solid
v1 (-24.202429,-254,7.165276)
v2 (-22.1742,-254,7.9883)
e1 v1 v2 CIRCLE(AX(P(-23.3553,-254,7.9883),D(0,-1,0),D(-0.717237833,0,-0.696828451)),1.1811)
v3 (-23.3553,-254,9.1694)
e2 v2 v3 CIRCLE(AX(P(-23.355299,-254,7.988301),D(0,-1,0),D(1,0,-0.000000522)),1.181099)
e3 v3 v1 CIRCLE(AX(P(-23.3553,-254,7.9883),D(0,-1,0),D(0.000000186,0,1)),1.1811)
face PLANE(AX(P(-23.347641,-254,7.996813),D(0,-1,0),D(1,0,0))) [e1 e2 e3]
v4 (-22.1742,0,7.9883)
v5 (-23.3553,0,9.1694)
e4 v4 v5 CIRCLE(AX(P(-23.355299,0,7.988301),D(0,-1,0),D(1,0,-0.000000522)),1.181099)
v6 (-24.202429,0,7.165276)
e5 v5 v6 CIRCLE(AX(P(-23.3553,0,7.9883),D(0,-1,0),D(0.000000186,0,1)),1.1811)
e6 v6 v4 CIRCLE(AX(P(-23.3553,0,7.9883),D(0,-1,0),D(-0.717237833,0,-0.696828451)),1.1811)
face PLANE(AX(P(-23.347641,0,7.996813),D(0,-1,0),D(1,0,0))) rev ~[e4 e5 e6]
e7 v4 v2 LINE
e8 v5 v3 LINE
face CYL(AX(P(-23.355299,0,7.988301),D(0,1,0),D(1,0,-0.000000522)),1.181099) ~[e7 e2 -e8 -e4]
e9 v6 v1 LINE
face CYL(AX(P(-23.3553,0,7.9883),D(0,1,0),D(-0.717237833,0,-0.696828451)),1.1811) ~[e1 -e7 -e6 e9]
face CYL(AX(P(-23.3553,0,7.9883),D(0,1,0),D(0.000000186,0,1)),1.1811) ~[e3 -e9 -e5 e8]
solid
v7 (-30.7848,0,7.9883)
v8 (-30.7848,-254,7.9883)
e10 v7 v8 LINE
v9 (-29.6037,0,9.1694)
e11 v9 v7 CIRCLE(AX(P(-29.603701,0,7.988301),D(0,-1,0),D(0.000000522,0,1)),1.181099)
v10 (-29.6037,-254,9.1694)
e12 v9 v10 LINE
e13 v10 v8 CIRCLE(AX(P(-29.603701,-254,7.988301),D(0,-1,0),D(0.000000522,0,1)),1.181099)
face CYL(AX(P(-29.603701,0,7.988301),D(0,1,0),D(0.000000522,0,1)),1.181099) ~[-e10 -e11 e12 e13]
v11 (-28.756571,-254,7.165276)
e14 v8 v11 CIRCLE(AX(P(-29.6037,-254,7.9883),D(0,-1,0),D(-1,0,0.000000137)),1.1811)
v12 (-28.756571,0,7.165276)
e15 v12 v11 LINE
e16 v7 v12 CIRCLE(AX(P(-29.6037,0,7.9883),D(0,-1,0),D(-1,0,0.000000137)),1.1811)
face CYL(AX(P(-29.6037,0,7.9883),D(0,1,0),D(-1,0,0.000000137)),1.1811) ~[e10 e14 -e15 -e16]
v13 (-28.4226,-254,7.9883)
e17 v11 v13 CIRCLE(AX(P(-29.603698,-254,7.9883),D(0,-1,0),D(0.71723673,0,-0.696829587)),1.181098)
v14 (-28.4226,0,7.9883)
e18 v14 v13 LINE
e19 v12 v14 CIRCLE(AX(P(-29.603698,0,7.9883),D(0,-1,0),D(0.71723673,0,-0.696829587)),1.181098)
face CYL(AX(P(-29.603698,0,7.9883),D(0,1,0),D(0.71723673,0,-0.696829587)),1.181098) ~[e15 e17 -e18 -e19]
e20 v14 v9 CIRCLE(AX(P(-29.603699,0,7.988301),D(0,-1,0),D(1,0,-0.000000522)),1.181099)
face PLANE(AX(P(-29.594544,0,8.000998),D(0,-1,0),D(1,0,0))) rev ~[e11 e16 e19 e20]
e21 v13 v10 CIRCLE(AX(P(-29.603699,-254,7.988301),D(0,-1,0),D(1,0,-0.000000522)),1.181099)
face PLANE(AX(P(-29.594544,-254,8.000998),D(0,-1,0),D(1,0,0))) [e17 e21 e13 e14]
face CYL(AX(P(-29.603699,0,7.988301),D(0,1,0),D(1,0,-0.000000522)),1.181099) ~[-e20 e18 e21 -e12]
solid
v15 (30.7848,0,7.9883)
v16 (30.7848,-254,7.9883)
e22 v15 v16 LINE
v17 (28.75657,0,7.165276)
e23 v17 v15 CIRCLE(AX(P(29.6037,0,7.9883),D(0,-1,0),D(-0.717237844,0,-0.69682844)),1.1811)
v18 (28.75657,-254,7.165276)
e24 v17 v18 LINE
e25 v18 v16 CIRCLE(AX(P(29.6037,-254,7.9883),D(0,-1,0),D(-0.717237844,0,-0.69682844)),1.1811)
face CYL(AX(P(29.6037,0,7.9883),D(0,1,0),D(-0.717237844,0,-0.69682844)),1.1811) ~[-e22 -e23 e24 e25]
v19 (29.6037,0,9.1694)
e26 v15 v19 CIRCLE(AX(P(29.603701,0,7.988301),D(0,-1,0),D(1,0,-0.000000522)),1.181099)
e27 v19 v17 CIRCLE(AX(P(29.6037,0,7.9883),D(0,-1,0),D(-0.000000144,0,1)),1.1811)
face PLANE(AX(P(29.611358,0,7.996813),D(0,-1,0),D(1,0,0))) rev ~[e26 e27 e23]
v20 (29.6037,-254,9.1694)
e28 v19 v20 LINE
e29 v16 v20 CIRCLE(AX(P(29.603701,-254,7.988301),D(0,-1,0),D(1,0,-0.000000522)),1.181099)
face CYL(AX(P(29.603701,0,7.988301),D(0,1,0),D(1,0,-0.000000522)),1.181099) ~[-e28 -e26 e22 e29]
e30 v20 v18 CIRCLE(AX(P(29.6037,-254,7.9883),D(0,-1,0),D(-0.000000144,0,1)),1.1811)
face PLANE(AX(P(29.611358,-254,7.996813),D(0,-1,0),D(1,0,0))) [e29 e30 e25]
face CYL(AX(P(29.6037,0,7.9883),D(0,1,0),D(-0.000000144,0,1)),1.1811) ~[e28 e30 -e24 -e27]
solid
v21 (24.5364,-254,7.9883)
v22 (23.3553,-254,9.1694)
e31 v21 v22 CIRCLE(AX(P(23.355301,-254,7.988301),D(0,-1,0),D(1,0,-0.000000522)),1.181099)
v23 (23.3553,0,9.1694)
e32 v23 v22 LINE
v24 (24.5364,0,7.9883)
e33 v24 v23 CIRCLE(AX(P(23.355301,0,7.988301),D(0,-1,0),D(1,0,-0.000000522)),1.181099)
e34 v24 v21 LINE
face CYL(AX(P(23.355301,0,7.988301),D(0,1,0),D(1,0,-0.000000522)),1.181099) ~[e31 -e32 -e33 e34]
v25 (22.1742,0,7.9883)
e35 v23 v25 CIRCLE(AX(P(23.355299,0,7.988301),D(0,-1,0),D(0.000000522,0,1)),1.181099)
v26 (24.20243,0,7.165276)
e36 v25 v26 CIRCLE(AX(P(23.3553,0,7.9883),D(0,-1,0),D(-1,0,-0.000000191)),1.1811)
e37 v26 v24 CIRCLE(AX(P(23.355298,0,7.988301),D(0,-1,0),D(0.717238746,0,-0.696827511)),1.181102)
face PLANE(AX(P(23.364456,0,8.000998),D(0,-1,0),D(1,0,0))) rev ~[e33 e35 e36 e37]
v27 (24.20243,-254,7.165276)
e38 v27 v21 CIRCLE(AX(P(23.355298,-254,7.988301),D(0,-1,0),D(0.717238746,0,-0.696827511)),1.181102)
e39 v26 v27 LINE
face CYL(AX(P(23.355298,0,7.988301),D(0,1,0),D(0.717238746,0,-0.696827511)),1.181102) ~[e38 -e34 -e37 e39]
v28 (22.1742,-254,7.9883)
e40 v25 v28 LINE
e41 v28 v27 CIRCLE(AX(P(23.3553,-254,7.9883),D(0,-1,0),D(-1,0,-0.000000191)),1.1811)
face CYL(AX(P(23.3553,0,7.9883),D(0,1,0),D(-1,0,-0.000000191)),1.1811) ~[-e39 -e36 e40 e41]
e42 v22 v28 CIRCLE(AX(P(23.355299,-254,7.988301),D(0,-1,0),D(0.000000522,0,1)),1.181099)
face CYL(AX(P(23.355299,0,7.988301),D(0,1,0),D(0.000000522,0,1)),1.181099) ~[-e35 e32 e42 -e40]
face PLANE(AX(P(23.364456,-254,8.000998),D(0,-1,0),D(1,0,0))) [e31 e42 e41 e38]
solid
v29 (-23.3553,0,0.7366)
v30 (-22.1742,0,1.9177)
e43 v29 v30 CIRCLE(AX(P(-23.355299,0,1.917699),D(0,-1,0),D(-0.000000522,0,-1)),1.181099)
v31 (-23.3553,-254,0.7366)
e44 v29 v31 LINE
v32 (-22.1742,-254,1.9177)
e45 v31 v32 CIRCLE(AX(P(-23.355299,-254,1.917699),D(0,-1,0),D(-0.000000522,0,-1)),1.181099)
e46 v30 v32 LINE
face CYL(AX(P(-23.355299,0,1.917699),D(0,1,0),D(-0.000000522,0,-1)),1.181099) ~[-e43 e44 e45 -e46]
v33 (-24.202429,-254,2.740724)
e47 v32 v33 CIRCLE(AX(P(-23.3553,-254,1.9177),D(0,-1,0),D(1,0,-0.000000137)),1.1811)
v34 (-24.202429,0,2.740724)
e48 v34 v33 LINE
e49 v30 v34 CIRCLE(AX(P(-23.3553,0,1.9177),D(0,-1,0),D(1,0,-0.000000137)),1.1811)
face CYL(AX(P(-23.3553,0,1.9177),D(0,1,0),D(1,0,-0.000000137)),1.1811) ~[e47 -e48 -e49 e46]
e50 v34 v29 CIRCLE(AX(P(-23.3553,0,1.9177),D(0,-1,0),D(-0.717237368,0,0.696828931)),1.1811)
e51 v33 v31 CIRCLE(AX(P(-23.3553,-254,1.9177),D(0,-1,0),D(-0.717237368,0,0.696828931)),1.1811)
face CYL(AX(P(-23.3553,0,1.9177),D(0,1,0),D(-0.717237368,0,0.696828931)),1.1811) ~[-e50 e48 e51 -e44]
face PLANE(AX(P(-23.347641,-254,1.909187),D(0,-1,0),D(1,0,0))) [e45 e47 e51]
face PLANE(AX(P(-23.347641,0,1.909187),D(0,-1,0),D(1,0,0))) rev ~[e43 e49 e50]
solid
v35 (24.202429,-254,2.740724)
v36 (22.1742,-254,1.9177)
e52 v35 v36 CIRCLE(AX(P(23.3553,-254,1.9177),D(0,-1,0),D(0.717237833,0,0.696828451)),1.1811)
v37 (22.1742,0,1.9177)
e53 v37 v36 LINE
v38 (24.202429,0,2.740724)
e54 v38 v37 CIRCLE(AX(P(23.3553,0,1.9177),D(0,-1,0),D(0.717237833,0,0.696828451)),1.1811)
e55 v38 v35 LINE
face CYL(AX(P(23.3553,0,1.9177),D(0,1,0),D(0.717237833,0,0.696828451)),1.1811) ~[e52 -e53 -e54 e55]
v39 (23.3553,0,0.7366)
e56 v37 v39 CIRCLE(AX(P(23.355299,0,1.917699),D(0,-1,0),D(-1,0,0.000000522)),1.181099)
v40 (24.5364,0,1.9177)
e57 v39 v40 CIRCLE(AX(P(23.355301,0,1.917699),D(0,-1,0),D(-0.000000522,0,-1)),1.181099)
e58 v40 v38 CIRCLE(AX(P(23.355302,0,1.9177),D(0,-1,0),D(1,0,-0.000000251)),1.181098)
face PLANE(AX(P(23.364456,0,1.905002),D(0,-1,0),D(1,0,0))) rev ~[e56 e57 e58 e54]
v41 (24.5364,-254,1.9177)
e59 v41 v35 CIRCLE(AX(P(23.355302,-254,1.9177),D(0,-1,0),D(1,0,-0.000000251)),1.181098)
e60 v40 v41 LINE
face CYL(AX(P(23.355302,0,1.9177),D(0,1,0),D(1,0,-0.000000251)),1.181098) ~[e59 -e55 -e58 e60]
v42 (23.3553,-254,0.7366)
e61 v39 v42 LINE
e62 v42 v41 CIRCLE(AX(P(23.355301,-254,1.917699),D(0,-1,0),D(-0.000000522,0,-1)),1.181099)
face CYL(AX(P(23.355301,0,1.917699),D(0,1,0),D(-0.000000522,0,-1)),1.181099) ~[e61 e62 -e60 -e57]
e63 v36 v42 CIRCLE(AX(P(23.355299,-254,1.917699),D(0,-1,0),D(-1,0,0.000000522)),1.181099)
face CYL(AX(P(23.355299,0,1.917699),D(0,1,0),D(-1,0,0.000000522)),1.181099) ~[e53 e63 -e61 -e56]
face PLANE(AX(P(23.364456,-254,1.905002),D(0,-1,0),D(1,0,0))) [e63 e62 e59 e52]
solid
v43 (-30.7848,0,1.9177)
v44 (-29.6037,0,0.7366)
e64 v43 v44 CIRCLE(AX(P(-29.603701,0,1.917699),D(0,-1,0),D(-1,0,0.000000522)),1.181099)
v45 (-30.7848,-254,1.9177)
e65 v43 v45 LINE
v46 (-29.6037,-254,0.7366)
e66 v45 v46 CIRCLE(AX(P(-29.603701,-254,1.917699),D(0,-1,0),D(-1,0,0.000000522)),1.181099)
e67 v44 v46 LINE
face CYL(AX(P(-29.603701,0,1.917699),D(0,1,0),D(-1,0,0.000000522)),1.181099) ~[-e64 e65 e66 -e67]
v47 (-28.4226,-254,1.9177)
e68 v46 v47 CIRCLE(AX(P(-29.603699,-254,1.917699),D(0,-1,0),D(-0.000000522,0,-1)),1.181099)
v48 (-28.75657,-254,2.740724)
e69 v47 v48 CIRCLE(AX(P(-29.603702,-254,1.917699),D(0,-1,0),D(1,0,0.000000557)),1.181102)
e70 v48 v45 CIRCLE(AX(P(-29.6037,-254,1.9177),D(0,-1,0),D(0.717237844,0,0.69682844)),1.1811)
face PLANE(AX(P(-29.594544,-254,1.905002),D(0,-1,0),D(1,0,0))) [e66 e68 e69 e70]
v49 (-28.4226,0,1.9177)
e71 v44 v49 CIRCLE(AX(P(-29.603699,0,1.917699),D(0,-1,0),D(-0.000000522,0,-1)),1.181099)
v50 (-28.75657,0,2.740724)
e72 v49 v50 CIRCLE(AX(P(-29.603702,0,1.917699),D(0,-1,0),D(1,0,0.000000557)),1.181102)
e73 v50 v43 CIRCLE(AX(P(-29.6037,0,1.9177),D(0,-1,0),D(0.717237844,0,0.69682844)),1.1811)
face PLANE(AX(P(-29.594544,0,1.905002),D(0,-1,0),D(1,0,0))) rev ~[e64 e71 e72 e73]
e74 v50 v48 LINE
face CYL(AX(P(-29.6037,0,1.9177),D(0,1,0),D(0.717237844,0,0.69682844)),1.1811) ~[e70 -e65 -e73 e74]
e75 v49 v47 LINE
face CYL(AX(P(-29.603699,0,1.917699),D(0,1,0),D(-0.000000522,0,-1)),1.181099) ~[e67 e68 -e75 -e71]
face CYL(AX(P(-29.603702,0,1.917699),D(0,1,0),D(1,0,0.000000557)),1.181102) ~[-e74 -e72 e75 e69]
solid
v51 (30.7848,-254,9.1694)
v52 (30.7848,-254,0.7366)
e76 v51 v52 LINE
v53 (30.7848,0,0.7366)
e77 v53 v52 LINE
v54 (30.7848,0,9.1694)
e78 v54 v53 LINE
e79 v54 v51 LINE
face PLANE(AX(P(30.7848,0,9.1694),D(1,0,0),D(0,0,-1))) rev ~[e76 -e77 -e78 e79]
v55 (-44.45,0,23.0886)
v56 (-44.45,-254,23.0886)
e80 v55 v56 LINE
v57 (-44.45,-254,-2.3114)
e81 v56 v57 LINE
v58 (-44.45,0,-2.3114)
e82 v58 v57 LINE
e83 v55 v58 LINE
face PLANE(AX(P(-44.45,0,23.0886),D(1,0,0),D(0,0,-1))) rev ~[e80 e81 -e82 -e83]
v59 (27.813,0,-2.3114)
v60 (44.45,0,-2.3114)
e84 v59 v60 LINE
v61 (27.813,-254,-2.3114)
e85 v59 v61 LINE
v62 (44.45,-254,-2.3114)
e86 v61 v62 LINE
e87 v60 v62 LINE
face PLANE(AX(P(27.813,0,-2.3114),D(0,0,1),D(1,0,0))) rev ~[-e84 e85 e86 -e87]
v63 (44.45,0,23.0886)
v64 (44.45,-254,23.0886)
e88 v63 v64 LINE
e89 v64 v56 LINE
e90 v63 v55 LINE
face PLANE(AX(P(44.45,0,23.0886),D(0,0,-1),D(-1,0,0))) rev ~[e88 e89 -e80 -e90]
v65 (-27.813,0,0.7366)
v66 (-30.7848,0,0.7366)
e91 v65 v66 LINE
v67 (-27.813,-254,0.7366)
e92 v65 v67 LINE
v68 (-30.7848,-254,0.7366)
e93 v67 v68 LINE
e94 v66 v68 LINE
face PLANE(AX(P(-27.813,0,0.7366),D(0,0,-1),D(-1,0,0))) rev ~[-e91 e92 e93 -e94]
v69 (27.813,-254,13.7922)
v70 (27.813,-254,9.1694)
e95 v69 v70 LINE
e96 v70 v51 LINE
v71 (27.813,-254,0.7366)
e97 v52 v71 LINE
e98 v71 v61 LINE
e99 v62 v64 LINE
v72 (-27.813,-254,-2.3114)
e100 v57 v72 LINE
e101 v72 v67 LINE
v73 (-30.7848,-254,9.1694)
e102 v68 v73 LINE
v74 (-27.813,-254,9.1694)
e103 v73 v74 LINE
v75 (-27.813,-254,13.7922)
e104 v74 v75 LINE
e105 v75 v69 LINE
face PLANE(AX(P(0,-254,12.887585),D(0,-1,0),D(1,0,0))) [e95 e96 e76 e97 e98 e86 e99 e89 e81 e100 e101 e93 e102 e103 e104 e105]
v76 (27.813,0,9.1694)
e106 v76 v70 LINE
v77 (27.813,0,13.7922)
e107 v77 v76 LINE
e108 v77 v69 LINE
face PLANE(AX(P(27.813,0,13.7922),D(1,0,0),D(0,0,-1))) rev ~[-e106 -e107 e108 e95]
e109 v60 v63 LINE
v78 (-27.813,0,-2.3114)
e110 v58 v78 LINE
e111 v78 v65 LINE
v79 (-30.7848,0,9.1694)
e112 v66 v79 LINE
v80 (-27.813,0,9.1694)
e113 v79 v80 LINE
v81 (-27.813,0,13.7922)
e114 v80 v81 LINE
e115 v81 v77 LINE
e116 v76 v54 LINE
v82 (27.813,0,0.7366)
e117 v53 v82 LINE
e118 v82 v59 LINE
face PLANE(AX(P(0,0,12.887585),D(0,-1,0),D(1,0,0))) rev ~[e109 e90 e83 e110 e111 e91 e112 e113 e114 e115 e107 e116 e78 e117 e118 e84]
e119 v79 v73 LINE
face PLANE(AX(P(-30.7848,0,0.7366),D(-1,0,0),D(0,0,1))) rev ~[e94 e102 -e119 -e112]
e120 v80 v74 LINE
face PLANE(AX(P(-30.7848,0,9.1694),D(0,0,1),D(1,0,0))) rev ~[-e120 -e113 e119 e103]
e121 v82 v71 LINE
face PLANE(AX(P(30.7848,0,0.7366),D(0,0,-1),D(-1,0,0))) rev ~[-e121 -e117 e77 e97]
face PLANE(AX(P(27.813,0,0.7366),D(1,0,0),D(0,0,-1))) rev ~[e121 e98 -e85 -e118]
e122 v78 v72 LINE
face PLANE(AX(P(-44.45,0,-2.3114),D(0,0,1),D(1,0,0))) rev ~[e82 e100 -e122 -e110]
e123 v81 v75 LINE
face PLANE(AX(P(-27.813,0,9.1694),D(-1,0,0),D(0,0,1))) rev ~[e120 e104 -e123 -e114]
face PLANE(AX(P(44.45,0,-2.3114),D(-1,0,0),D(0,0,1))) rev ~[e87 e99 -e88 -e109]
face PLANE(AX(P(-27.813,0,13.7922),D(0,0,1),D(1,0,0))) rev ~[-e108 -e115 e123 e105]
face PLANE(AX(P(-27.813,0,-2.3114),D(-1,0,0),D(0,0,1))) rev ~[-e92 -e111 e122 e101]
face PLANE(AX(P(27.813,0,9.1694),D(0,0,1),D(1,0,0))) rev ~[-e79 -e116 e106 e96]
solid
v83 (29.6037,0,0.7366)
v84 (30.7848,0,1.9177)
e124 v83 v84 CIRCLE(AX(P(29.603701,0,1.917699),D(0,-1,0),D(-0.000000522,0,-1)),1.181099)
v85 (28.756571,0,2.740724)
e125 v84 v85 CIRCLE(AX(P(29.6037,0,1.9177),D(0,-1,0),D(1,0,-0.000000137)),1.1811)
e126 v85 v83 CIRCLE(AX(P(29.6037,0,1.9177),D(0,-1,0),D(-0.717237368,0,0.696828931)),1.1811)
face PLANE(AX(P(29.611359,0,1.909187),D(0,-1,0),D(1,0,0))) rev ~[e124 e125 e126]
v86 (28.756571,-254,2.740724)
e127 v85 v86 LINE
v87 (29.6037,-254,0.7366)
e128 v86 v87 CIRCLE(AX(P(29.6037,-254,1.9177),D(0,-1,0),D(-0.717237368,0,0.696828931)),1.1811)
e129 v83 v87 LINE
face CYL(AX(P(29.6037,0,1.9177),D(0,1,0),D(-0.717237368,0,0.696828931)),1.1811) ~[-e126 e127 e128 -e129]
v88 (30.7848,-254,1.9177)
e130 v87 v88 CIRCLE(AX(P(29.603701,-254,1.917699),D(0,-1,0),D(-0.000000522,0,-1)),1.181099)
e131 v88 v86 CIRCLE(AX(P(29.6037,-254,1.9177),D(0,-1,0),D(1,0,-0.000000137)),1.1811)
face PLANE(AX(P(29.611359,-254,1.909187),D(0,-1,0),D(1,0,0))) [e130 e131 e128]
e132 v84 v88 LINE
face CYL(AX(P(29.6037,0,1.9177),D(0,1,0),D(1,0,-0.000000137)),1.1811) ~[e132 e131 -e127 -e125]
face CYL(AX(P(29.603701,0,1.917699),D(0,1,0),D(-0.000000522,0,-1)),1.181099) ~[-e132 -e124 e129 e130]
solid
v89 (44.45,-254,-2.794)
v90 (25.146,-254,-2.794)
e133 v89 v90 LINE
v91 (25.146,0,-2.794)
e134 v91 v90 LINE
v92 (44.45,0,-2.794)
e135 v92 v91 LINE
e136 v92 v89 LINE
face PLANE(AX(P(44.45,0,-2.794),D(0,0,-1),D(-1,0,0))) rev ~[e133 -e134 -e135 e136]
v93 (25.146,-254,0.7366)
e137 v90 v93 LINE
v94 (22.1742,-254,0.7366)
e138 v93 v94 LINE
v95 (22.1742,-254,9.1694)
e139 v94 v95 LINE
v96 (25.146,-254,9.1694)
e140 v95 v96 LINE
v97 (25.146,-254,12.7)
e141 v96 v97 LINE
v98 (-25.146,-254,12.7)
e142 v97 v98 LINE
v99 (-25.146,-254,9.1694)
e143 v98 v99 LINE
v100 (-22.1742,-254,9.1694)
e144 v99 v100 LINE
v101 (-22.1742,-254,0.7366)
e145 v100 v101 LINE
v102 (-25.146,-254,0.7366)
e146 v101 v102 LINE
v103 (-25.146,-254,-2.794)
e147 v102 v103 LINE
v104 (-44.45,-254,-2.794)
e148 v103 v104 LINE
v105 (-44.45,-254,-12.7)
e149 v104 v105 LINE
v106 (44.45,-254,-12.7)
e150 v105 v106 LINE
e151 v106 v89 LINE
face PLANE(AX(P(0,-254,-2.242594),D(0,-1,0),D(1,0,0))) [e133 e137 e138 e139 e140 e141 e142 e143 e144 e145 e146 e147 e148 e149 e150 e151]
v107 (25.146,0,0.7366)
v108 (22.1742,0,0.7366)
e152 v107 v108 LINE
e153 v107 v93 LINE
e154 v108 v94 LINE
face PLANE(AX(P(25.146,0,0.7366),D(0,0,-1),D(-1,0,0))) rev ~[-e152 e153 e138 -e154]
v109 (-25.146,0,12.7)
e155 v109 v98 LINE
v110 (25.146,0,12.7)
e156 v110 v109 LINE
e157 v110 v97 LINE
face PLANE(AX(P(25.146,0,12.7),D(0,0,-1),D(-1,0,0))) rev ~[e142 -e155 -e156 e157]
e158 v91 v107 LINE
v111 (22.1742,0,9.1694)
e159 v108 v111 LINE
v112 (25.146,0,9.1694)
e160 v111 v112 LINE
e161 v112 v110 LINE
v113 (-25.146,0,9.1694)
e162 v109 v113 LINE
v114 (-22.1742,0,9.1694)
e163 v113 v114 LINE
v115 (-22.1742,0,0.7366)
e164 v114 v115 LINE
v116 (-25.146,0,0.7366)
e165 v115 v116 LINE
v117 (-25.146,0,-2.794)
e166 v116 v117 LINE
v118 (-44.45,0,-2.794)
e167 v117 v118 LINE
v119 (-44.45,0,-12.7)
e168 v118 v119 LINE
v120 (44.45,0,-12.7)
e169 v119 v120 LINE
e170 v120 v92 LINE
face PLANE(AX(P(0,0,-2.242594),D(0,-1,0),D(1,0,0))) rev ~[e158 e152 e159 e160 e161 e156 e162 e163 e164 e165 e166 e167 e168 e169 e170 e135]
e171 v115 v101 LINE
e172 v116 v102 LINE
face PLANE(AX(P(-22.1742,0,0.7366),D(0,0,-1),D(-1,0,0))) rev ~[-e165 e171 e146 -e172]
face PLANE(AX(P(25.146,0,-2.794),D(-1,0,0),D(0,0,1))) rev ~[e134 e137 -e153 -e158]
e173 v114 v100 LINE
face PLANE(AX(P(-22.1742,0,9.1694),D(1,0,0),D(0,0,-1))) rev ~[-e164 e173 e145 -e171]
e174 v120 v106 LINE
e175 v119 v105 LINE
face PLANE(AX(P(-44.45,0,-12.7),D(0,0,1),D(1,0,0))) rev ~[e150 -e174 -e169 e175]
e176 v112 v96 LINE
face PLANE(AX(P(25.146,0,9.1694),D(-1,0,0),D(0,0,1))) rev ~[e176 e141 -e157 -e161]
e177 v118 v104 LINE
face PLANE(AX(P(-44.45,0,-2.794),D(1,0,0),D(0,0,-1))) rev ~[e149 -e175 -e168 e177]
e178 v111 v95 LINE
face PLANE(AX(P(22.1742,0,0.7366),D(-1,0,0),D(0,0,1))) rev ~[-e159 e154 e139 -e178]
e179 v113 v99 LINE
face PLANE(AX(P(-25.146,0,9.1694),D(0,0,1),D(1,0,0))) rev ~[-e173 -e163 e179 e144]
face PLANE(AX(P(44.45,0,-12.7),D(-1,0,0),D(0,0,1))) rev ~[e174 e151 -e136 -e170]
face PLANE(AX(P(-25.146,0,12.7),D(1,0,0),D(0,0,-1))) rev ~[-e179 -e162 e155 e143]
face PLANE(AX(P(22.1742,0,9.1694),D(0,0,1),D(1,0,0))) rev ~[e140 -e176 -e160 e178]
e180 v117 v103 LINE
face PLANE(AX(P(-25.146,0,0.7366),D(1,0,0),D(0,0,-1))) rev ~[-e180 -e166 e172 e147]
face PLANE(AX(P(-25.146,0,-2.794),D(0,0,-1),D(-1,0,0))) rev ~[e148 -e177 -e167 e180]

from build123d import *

# Parameters (mm, degrees)
F1_DEPTH = 254
F2_DEPTH = 254
F3_DEPTH = 254
F4_DEPTH = 254


with BuildPart() as f1:
    # F0 (on Front) → F1 (new body)
    with BuildSketch(Plane.XZ):
        Polygon((-44.45, -12.7), (44.45, -12.7), (44.45, -2.794), (25.146, -2.794), (25.146, 0.7366), (23.3553, 0.7366), (22.1742, 0.7366), (22.1742, 1.9177), (22.1742, 7.9883), (22.1742, 9.1694), (23.3553, 9.1694), (25.146, 9.1694), (25.146, 12.7), (-25.146, 12.7), (-25.146, 9.1694), (-23.3553, 9.1694), (-22.1742, 9.1694), (-22.1742, 7.9883), (-22.1742, 1.9177), (-22.1742, 0.7366), (-23.3553, 0.7366), (-25.146, 0.7366), (-25.146, -2.794), (-44.45, -2.794), align=None)
    extrude(amount=F1_DEPTH)


with BuildPart() as f2:
    # F0 (on Front) → F2 (new body)
    with BuildSketch(Plane.XZ):
        Polygon((-30.7848, 0.7366), (-30.7848, 1.9177), (-30.7848, 7.9883), (-30.7848, 9.1694), (-29.6037, 9.1694), (-27.813, 9.1694), (-27.813, 13.7922), (27.813, 13.7922), (27.813, 9.1694), (29.6037, 9.1694), (30.7848, 9.1694), (30.7848, 7.9883), (30.7848, 1.9177), (30.7848, 0.7366), (29.6037, 0.7366), (27.813, 0.7366), (27.813, -2.3114), (44.45, -2.3114), (44.45, 23.0886), (-44.45, 23.0886), (-44.45, -2.3114), (-27.813, -2.3114), (-27.813, 0.7366), (-29.6037, 0.7366), align=None)
    extrude(amount=F2_DEPTH)


with BuildPart() as f3:
    # F0 (on Front) → F3 (new body)
    with BuildSketch(Plane.XZ):
        with BuildLine():
            ThreePointArc((-30.7848, 7.9883), (-30.047802, 6.893873), (-28.756571, 7.165276))
            ThreePointArc((-28.756571, 7.165276), (-28.509273, 7.544198), (-28.4226, 7.9883))
            ThreePointArc((-28.4226, 7.9883), (-28.768536, 8.823464), (-29.6037, 9.1694))
            ThreePointArc((-29.6037, 9.1694), (-30.438864, 8.823464), (-30.7848, 7.9883))
        make_face()
        with BuildLine():
            ThreePointArc((-28.4226, 1.9177), (-28.509273, 2.361802), (-28.75657, 2.740724))
            ThreePointArc((-28.75657, 2.740724), (-30.047802, 3.012127), (-30.7848, 1.9177))
            ThreePointArc((-30.7848, 1.9177), (-30.438864, 1.082536), (-29.6037, 0.7366))
            ThreePointArc((-29.6037, 0.7366), (-28.768536, 1.082536), (-28.4226, 1.9177))
        make_face()
        with BuildLine():
            ThreePointArc((-24.202429, 7.165276), (-22.911198, 6.893873), (-22.1742, 7.9883))
            ThreePointArc((-22.1742, 7.9883), (-22.520136, 8.823464), (-23.3553, 9.1694))
            ThreePointArc((-23.3553, 9.1694), (-24.443204, 8.44815), (-24.202429, 7.165276))
        make_face()
        with BuildLine():
            ThreePointArc((-24.202429, 2.740724), (-24.443204, 1.45785), (-23.3553, 0.7366))
            ThreePointArc((-23.3553, 0.7366), (-22.520136, 1.082536), (-22.1742, 1.9177))
            ThreePointArc((-22.1742, 1.9177), (-22.911198, 3.012127), (-24.202429, 2.740724))
        make_face()
    extrude(amount=F3_DEPTH)


with BuildPart() as f4:
    # F0 (on Front) → F4 (new body)
    with BuildSketch(Plane.XZ):
        with BuildLine():
            ThreePointArc((23.3553, 9.1694), (22.520136, 8.823464), (22.1742, 7.9883))
            ThreePointArc((22.1742, 7.9883), (22.911198, 6.893873), (24.20243, 7.165276))
            ThreePointArc((24.20243, 7.165276), (24.449727, 7.544198), (24.5364, 7.9883))
            ThreePointArc((24.5364, 7.9883), (24.190464, 8.823464), (23.3553, 9.1694))
        make_face()
        with BuildLine():
            ThreePointArc((29.6037, 9.1694), (28.515796, 8.44815), (28.75657, 7.165276))
            ThreePointArc((28.75657, 7.165276), (30.047802, 6.893873), (30.7848, 7.9883))
            ThreePointArc((30.7848, 7.9883), (30.438864, 8.823464), (29.6037, 9.1694))
        make_face()
        with BuildLine():
            ThreePointArc((30.7848, 1.9177), (30.047802, 3.012127), (28.756571, 2.740724))
            ThreePointArc((28.756571, 2.740724), (28.515796, 1.45785), (29.6037, 0.7366))
            ThreePointArc((29.6037, 0.7366), (30.438864, 1.082536), (30.7848, 1.9177))
        make_face()
        with BuildLine():
            ThreePointArc((22.1742, 1.9177), (22.520136, 1.082536), (23.3553, 0.7366))
            ThreePointArc((23.3553, 0.7366), (24.190464, 1.082536), (24.5364, 1.9177))
            ThreePointArc((24.5364, 1.9177), (24.449727, 2.361802), (24.202429, 2.740724))
            ThreePointArc((24.202429, 2.740724), (22.911198, 3.012127), (22.1742, 1.9177))
        make_face()
    extrude(amount=F4_DEPTH)


solid = Compound([f1.part, f2.part, f3.part, f4.part])
